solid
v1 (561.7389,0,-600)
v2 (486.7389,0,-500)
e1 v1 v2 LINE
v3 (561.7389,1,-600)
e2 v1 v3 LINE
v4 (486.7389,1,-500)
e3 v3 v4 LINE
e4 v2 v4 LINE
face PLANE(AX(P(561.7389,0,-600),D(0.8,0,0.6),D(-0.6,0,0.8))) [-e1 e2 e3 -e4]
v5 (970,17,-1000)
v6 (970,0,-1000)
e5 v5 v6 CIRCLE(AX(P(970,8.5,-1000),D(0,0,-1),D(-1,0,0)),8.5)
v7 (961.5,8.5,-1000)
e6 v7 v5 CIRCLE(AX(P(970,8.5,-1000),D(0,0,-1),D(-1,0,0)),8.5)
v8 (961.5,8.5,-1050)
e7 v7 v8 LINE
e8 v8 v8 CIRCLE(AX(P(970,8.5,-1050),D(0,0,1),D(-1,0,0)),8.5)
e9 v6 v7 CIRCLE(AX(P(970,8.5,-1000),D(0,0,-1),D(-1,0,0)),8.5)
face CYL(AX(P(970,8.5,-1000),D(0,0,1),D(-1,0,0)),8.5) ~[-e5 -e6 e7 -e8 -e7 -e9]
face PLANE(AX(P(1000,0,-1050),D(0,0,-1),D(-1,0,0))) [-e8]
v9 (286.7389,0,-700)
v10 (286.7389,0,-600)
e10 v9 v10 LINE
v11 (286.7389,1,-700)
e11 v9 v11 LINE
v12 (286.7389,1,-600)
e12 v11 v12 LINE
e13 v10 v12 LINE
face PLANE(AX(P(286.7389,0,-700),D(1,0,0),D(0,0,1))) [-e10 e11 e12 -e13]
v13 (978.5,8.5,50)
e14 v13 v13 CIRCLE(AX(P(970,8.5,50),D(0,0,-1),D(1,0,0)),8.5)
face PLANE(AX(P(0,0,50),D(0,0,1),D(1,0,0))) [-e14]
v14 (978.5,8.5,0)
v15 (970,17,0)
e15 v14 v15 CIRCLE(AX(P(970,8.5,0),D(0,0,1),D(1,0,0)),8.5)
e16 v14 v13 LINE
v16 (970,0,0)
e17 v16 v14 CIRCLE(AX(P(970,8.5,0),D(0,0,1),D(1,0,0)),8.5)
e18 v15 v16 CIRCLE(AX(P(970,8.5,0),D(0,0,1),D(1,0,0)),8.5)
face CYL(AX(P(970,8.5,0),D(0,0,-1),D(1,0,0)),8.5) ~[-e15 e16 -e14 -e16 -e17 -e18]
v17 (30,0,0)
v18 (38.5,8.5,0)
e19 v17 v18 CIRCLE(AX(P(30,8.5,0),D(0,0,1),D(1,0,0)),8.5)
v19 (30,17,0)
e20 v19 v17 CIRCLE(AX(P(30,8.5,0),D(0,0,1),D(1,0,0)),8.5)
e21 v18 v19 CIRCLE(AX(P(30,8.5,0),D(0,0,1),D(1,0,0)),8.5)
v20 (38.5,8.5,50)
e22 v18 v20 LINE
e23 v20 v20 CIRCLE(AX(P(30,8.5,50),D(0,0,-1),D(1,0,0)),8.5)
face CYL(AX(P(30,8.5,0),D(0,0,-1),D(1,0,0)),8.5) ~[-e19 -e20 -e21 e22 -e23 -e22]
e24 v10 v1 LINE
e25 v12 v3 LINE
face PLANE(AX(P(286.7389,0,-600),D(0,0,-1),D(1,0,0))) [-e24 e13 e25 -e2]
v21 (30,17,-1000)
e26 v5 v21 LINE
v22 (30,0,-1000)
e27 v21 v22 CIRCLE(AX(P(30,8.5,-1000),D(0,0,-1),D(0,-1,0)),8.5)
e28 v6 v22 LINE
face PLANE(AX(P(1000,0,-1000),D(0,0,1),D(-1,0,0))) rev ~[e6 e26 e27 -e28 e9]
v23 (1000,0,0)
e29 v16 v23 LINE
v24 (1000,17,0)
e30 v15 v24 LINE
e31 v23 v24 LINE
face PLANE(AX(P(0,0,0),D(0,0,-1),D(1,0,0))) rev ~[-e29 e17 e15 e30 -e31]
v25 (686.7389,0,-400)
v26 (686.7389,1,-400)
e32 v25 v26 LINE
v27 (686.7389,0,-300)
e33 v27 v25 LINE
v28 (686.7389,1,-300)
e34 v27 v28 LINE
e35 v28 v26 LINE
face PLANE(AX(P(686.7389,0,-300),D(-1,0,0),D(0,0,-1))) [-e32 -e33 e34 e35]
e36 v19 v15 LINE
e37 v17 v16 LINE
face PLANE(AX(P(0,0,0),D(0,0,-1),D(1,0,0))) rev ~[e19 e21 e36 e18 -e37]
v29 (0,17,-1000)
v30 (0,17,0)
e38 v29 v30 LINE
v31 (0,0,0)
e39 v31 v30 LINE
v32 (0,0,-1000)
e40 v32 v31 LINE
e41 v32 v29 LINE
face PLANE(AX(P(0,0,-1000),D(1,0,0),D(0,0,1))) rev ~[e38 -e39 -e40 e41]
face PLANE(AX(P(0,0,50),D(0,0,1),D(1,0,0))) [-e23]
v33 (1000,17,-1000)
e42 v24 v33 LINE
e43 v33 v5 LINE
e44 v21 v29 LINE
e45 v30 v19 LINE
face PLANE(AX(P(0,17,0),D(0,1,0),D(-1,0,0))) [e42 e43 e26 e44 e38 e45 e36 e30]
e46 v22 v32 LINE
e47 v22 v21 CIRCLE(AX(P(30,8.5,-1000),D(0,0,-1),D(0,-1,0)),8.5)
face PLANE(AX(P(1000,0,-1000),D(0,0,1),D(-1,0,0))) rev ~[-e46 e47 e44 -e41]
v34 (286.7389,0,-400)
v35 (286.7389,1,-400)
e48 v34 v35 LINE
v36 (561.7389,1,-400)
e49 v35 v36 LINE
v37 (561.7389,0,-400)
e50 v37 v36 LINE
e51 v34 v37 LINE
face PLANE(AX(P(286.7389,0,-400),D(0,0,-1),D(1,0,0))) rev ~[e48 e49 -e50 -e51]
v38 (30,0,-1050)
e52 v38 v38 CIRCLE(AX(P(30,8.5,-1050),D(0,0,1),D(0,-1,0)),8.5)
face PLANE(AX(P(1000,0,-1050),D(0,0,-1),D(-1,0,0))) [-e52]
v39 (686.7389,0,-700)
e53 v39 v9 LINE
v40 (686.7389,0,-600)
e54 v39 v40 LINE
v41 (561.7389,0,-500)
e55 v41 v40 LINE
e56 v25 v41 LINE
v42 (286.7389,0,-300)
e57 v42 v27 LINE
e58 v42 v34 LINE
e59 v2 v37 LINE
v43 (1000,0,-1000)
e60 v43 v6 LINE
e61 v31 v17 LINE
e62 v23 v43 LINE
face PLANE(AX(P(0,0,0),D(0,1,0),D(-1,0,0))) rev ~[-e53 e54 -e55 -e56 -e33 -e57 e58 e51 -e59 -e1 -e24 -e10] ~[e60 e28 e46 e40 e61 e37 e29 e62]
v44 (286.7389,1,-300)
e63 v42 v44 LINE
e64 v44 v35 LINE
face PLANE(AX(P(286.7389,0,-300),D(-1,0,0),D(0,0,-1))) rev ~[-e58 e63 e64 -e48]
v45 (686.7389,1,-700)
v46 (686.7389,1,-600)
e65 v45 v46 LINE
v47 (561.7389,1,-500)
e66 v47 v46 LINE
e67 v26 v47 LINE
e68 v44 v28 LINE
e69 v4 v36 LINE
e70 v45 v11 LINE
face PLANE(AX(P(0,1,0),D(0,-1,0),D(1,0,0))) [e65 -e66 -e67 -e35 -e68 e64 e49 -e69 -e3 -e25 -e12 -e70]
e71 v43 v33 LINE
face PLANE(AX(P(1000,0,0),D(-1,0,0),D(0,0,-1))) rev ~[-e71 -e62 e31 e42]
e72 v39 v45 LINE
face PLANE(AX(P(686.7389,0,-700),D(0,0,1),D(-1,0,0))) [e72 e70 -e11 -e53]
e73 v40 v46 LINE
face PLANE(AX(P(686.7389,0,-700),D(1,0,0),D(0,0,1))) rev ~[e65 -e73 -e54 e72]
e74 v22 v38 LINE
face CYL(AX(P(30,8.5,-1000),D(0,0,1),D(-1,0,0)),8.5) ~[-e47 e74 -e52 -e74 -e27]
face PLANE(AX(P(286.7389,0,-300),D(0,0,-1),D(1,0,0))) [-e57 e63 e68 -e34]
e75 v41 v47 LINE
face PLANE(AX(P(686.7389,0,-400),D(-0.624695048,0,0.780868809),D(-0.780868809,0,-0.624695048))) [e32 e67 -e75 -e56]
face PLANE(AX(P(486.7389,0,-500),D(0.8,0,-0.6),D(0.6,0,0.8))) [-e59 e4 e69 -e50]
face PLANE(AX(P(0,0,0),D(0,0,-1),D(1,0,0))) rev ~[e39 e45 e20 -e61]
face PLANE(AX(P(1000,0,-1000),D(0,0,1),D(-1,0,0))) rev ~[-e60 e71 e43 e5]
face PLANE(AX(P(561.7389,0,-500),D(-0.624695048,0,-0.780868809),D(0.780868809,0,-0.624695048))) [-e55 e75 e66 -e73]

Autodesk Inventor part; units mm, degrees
ref_plane "YZ Plane" through (0, 0, 0) normal (1, 0, 0) x (0, 1, 0)
ref_plane "XZ Plane" through (0, 0, 0) normal (0, 1, 0) x (-1, 0, 0)
ref_plane "XY Plane" through (0, 0, 0) normal (0, 0, 1) x (1, 0, 0)
sketch "Boceto1" plane through (0, 0, 0) normal (0, 1, 0) x (-1, 0, 0)
  line L0 (0, 0) -> (-1000, 0)
  line L1 (-1000, 0) -> (-1000, -1000)
  line L2 (-1000, -1000) -> (0, -1000)
  line L3 (0, -1000) -> (0, 0)
  dimension "d0" = 1000
  dimension "d1" = 1000
extrude "Extrusión1" add sketch "Boceto1" along normal blind 17
sketch "Boceto2" plane through (0, 0, 0) normal (0, -1, 0) x (1, 0, 0)
  line L0 (286.7389, -300) -> (686.7389, -300)
  line L1 (0, 0) -> (1000, 0) projected
  line L2 (686.7389, -700) -> (286.7389, -700)
  line L3 (1000, -1000) -> (0, -1000) projected
  line L4 (686.7389, -300) -> (686.7389, -400)
  line L5 (286.7389, -300) -> (286.7389, -300)
  line L6 (286.7389, -300) -> (286.7389, -400)
  line L7 (286.7389, -700) -> (286.7389, -600)
  line L8 (686.7389, -700) -> (686.7389, -600)
  line L9 (286.7389, -400) -> (561.7389, -400)
  line L10 (286.7389, -600) -> (561.7389, -600)
  line L11 (561.7389, -600) -> (486.7389, -500)
  line L12 (486.7389, -500) -> (561.7389, -400)
  line L13 (686.7389, -400) -> (561.7389, -500)
  line L14 (561.7389, -500) -> (686.7389, -600)
  dimension "d4" = 300
  dimension "d5" = 300
  dimension "d6" = 100
  dimension "d7" = 100
  dimension "d8" = 100
  dimension "d9" = 100
  dimension "d10" = 200
  dimension "d11" = 400
  dimension "d12" = 400
  dimension "d13" = 275
extrude "Extrusión2" cut sketch "Boceto2" against normal blind 1
sketch "Boceto3" plane through (0, 0, 0) normal (0, 0, 1) x (1, 0, 0)
  circle A0 centre (30, 8.5) radius 8.5
  line L0 (0, 0) -> (1000, 0) projected
  circle A1 centre (970, 8.5) radius 8.5
  line L1 (0, 0) -> (0, 17) projected
  line L2 (1000, 0) -> (1000, 17) projected
  dimension "d17" = 17
  dimension "d18" = 17
  dimension "d21" = 30
  dimension "d22" = 30
extrude "Extrusión3" add sketch "Boceto3" along normal blind 50
sketch "Boceto5" plane through (1000, 0, -1000) normal (0, 0, -1) x (-1, 0, 0)
  circle A0 centre (30, 8.5) radius 8.5 projected
  circle A1 centre (30, 8.5) radius 8.5
  line L0 (0, 0) -> (0, 17) projected
  arc A2 (970, 0) -> (970, 17) centre (970, 8.5) ccw projected
  circle A3 centre (970, 8.5) radius 8.5
  line L1 (1000, 0) -> (1000, 17) projected
  line L2 (0, 0) -> (1000, 0) projected
  dimension "d23" = 30
  dimension "d24" = 30
extrude "Extrusión4" add sketch "Boceto5" along normal blind 50
properties part number "01_10_Plataforma" material "Acero ASTM A36"
